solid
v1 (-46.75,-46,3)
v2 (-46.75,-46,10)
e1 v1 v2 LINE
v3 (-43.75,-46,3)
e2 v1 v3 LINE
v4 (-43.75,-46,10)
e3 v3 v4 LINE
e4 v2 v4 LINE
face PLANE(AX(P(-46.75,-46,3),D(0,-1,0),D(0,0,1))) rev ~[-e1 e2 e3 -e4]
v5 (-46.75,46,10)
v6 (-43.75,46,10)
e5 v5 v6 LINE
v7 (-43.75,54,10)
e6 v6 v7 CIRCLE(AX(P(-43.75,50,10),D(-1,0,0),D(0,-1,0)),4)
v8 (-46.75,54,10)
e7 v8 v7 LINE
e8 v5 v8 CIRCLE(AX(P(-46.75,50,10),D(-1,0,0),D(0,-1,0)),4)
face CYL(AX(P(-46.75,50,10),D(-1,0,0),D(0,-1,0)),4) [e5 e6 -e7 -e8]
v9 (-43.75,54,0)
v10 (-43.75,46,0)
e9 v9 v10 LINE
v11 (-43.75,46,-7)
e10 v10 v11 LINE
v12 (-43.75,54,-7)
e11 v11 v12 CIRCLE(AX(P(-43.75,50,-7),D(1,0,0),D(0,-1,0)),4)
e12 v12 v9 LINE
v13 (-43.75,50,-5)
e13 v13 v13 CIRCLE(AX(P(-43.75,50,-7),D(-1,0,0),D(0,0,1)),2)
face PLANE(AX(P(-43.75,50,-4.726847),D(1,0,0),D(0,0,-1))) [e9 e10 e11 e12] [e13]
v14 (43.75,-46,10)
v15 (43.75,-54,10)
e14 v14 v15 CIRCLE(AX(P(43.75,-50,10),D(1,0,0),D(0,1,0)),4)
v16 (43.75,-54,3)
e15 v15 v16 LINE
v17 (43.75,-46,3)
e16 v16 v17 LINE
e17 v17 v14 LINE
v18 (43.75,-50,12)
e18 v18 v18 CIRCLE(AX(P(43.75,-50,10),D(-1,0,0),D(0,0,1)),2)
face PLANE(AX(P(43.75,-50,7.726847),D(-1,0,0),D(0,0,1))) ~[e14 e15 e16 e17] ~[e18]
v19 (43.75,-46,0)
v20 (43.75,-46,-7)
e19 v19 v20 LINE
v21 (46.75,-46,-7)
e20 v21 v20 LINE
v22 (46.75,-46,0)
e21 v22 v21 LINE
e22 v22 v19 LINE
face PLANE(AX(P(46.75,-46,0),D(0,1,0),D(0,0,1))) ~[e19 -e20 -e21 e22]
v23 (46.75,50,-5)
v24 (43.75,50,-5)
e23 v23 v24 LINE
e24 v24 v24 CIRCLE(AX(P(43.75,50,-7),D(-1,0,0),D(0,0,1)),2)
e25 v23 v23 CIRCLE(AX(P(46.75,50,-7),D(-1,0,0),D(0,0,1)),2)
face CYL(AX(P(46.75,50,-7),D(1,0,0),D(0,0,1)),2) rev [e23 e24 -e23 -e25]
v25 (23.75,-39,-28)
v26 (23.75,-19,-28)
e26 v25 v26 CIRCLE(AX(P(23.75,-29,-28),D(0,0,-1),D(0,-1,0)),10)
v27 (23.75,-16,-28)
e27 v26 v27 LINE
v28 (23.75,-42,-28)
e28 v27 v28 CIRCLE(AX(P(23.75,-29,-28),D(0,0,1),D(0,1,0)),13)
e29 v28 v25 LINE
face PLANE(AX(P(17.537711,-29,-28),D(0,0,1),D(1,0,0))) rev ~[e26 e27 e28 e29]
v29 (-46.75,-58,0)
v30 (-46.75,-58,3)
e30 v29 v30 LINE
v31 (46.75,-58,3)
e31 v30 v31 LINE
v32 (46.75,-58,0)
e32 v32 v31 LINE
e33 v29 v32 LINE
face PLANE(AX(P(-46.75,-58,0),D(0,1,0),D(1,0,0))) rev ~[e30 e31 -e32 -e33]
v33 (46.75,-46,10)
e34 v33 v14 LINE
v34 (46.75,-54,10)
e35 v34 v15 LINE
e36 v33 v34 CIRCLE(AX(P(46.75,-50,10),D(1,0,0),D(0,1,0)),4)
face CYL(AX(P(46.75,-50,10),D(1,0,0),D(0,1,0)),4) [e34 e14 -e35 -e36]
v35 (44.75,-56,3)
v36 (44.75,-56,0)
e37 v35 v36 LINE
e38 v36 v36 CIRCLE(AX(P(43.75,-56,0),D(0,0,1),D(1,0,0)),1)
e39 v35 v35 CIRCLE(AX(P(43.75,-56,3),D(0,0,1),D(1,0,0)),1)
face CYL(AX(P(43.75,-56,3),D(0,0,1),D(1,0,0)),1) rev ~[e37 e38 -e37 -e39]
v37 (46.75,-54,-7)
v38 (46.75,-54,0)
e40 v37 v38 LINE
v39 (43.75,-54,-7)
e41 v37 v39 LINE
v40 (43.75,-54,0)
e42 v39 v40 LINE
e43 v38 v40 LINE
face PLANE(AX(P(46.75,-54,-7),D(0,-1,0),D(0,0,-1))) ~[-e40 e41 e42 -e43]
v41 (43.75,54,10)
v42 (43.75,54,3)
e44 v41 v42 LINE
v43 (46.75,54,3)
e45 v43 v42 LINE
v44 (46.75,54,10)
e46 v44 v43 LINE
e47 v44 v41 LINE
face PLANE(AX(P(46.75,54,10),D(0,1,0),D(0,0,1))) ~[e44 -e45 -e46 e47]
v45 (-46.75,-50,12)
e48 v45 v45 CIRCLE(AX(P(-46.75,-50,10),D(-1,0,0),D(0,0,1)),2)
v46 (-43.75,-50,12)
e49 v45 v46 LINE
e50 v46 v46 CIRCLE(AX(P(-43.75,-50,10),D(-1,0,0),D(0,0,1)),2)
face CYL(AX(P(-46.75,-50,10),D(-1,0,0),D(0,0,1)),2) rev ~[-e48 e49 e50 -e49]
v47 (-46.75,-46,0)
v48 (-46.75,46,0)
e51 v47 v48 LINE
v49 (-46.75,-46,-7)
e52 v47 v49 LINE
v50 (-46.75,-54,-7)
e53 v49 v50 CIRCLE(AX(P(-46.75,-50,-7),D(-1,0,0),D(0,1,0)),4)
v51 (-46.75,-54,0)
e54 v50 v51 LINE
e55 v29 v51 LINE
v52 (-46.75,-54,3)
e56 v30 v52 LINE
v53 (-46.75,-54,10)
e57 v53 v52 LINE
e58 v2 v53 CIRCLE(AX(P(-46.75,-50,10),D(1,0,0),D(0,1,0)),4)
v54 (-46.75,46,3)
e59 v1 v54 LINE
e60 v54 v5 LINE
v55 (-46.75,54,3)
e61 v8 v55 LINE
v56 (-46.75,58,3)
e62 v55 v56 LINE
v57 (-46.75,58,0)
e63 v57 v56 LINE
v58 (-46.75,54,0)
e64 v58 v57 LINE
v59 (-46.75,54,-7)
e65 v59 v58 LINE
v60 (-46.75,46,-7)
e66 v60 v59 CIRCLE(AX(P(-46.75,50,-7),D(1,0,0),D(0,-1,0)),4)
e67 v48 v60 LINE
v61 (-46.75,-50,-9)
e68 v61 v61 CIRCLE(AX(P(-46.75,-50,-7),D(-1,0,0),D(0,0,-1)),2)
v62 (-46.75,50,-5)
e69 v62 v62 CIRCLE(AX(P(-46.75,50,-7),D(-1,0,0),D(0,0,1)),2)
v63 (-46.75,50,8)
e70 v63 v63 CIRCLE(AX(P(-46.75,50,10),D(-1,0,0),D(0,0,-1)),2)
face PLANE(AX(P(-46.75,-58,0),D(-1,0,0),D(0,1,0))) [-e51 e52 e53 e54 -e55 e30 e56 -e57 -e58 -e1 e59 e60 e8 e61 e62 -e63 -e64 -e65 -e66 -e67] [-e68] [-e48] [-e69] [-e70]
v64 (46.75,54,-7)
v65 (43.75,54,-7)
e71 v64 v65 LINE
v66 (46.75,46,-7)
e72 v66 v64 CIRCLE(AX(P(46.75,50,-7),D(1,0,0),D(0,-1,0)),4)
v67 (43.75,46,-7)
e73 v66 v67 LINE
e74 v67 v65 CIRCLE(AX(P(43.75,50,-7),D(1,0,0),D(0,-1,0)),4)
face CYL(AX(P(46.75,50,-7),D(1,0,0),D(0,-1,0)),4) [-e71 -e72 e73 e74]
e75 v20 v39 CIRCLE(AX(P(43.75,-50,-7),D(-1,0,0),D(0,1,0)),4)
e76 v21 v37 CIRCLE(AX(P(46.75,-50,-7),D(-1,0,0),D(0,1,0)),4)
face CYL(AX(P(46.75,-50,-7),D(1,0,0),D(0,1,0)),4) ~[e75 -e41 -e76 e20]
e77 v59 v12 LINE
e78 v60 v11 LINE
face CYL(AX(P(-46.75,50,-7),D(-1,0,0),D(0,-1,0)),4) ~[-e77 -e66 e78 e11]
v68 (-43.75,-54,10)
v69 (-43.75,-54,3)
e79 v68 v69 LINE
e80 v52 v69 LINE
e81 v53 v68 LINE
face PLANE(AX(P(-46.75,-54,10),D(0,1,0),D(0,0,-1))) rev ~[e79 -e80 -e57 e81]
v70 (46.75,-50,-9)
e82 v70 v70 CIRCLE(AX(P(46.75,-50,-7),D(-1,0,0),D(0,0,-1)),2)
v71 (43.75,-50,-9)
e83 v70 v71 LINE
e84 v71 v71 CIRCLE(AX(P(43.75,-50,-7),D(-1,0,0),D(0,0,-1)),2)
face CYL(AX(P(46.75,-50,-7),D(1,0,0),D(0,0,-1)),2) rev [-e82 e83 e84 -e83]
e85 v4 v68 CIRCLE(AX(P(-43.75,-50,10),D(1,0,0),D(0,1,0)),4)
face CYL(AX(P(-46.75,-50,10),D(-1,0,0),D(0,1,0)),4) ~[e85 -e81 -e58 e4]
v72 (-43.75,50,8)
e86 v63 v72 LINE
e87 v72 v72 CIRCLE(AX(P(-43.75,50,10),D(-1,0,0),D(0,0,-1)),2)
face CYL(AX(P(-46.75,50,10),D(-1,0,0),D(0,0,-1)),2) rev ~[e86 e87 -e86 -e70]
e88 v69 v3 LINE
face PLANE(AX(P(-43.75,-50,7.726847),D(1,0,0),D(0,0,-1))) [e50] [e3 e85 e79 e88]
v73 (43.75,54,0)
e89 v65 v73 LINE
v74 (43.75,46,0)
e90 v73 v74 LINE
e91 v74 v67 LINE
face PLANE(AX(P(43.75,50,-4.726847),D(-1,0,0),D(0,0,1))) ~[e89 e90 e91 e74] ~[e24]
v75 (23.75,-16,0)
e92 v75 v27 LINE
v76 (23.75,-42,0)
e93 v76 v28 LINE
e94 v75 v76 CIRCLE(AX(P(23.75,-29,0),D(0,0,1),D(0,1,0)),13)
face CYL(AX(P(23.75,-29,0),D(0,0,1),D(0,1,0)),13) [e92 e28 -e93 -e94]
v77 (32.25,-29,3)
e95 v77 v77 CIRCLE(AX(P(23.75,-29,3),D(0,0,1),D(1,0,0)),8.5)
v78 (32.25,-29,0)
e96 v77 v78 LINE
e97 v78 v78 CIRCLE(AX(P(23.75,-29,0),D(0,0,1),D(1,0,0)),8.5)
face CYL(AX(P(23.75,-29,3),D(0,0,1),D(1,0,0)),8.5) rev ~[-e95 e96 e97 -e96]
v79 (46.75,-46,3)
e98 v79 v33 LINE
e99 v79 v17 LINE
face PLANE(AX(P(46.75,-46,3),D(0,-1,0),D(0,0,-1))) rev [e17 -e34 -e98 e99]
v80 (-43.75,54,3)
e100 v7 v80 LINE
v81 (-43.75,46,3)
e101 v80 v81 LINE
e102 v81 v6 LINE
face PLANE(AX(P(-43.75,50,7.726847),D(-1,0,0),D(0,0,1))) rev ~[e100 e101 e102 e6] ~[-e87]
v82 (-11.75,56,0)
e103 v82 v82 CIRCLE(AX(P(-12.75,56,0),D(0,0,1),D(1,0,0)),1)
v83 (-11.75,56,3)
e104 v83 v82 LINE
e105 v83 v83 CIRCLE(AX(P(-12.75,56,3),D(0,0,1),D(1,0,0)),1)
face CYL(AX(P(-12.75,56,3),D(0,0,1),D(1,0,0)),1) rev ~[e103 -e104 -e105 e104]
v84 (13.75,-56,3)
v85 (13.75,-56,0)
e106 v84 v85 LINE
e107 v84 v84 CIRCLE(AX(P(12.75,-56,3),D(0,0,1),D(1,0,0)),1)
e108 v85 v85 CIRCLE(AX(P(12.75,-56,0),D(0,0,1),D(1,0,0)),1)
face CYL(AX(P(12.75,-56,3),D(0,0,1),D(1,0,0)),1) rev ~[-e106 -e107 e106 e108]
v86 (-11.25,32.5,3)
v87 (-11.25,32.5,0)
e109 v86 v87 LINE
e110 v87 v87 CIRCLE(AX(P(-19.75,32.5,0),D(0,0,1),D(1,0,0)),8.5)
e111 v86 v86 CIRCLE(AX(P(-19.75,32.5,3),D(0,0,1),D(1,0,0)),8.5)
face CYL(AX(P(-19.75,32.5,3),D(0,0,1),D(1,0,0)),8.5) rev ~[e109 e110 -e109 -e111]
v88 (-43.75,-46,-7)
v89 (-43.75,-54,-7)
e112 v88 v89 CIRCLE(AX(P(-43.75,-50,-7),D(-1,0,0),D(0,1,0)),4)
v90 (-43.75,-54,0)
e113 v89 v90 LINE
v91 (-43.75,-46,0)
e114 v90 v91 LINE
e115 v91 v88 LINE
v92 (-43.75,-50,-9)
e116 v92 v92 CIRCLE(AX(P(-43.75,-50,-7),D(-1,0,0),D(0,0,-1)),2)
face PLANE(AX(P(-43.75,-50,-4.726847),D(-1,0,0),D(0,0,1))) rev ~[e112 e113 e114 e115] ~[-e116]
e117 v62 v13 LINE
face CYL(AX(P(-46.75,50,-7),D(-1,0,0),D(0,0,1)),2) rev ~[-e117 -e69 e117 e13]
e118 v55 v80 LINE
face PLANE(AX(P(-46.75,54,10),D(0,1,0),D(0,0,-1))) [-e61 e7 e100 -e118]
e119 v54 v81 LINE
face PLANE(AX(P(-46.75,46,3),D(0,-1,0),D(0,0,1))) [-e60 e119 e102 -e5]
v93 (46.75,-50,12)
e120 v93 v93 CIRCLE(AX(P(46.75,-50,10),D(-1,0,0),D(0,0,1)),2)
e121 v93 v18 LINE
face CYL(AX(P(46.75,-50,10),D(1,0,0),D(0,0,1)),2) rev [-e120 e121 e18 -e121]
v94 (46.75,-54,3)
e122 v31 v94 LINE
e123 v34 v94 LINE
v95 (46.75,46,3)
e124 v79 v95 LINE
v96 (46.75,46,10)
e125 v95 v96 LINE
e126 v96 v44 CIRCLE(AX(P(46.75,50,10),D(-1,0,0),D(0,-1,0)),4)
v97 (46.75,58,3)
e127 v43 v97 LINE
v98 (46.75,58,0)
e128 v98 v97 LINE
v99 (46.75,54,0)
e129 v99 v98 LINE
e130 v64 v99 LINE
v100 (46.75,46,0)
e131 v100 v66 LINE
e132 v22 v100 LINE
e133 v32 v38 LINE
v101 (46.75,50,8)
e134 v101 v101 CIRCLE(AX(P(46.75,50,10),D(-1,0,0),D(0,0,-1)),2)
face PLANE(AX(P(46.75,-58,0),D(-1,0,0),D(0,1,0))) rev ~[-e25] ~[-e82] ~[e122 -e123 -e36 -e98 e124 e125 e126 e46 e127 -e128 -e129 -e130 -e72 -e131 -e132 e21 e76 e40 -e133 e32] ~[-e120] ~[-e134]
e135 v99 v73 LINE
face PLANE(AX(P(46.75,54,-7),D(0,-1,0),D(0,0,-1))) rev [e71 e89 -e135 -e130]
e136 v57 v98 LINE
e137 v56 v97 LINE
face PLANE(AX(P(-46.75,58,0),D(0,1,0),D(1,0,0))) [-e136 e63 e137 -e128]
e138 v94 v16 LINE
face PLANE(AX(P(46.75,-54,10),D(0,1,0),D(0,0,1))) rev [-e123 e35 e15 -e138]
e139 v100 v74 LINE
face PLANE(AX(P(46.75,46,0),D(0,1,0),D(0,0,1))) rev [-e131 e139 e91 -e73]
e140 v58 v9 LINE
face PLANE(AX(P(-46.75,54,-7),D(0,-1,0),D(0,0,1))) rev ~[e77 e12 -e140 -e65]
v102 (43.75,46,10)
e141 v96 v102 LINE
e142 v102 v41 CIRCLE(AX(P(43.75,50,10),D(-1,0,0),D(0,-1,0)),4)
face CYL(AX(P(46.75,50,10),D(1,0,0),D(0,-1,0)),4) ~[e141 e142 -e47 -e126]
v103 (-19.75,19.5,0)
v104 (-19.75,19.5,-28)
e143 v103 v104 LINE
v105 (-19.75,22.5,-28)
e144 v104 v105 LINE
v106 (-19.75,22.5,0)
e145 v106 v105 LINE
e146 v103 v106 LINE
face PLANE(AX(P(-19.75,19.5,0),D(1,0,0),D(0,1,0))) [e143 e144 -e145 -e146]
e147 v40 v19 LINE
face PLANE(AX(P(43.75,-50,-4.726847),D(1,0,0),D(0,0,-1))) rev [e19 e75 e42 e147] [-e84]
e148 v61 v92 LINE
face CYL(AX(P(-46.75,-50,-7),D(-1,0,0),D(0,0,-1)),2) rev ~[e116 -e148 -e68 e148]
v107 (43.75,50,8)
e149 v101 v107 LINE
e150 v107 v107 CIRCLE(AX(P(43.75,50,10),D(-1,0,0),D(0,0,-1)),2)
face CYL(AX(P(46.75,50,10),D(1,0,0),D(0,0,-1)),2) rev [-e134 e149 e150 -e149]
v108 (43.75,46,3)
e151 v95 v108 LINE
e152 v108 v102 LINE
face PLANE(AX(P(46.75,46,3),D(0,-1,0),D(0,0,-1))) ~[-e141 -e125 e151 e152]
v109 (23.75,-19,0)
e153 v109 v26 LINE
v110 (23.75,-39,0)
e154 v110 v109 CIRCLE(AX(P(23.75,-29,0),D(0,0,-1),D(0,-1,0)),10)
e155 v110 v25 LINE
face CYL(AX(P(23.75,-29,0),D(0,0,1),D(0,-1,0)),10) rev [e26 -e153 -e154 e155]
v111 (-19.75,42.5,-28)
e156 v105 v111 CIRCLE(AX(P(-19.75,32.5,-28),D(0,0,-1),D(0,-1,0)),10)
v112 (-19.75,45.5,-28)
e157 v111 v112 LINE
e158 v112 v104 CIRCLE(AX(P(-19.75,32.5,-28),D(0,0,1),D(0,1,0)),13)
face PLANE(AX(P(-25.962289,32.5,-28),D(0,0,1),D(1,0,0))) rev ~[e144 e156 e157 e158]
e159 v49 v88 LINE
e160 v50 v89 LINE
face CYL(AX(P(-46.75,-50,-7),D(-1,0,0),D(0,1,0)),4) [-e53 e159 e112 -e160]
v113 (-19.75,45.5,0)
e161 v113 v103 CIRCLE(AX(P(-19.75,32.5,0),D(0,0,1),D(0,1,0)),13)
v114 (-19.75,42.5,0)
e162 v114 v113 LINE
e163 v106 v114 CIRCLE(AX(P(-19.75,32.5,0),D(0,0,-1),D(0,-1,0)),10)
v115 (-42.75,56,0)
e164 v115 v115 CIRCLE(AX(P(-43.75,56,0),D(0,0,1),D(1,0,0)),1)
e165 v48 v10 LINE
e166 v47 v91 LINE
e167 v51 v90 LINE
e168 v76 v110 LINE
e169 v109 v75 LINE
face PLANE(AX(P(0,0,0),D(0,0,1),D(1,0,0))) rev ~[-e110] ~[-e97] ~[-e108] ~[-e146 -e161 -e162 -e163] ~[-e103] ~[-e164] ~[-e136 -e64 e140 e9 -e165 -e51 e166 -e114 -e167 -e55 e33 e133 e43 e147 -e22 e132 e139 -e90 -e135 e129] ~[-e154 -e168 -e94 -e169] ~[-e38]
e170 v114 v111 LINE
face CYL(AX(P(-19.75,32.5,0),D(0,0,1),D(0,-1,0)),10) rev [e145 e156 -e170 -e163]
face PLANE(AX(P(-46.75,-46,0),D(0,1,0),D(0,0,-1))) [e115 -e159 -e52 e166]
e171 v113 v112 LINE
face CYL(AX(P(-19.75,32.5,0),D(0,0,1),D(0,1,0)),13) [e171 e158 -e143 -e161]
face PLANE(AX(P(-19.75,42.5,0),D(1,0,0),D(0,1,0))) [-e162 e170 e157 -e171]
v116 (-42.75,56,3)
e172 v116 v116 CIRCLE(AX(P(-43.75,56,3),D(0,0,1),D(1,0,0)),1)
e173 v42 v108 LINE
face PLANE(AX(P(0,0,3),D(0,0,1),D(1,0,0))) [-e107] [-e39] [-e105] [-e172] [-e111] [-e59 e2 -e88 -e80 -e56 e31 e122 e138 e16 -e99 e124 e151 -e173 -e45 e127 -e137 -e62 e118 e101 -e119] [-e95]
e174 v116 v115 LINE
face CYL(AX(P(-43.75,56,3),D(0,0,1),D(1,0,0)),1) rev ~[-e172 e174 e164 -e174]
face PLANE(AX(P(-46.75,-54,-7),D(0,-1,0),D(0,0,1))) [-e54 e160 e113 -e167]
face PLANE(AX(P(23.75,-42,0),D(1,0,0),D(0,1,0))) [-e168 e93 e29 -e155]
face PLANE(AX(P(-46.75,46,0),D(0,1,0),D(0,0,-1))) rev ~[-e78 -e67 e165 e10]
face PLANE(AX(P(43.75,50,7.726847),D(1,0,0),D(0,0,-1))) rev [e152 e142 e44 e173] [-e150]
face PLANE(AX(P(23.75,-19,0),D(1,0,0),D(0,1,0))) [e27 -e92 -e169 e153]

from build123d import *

# Parameters (mm, degrees)
SKETCH1_W           = 93.5
SKETCH1_H           = 116
BOSS_EXTRUDE1_DEPTH = 3
SKETCH2_R           = 8.5
CUT_EXTRUDE1_DEPTH  = 75.555767718
SKETCH4_R           = 2
BOSS_EXTRUDE3_DEPTH = 3
SKETCH6_R           = 1
CUT_EXTRUDE2_DEPTH  = 10
BOSS_EXTRUDE4_DEPTH = 28


with BuildPart() as part:
    # Sketch1 → Boss-Extrude1 (new body)
    with BuildSketch(Plane.XY):
        Rectangle(SKETCH1_W, SKETCH1_H)
    extrude(amount=BOSS_EXTRUDE1_DEPTH)

    # Sketch2 → Cut-Extrude1 (cut, through all)
    with BuildSketch(Plane.XY.offset(3)):
        with Locations((-19.75, 32.5)):
            Circle(SKETCH2_R)
        with Locations((23.75, -29)):
            Circle(SKETCH2_R)
    extrude(amount=-CUT_EXTRUDE1_DEPTH, mode=Mode.SUBTRACT)

    # Sketch4 → Boss-Extrude3 (add)
    # profile 1 of 4: a face of its own
    with BuildSketch(Plane.ZY.offset(46.75)):
        with BuildLine():
            Line((-7, 54), (0, 54))
            Line((0, 54), (0, 46))
            Line((0, 46), (-7, 46))
            ThreePointArc((-7, 46), (-11, 50), (-7, 54))
        make_face()
        with Locations((-7, 50)):
            Circle(SKETCH4_R, mode=Mode.SUBTRACT)
    # profile 2 of 4: a face of its own
    with BuildSketch(Plane.ZY.offset(46.75)):
        with BuildLine():
            Line((0, -46), (-7, -46))
            ThreePointArc((-7, -46), (-11, -50), (-7, -54))
            Line((-7, -54), (0, -54))
            Line((0, -54), (0, -46))
        make_face()
        with Locations((-7, -50)):
            Circle(SKETCH4_R, mode=Mode.SUBTRACT)
    # profile 3 of 4: a face of its own
    with BuildSketch(Plane.ZY.offset(46.75)):
        with BuildLine():
            Line((3, 46), (10, 46))
            ThreePointArc((10, 46), (14, 50), (10, 54))
            Line((10, 54), (3, 54))
            Line((3, 54), (3, 46))
        make_face()
        with Locations((10, 50)):
            Circle(SKETCH4_R, mode=Mode.SUBTRACT)
    # profile 4 of 4: a face of its own
    with BuildSketch(Plane.ZY.offset(46.75)):
        with BuildLine():
            Line((10, -54), (3, -54))
            Line((3, -54), (3, -46))
            Line((3, -46), (10, -46))
            ThreePointArc((10, -46), (14, -50), (10, -54))
        make_face()
        with Locations((10, -50)):
            Circle(SKETCH4_R, mode=Mode.SUBTRACT)
    boss_extrude3 = extrude(amount=-BOSS_EXTRUDE3_DEPTH)

    # Sketch6 → Cut-Extrude2 (cut)
    with BuildSketch(Plane.XY.offset(3)):
        with Locations((-43.75, 56)):
            Circle(SKETCH6_R)
        with Locations((-12.75, 56)):
            Circle(SKETCH6_R)
        with Locations((43.75, -56)):
            Circle(SKETCH6_R)
        with Locations((12.75, -56)):
            Circle(SKETCH6_R)
    extrude(amount=-CUT_EXTRUDE2_DEPTH, mode=Mode.SUBTRACT)

    # Sketch5 → Boss-Extrude4 (add)
    with BuildSketch(Plane(origin=(0, 0, 0), x_dir=(-1, 0, 0), z_dir=(0, 0, -1))):
        with BuildLine():
            Line((19.75, 45.5), (19.75, 42.5))
            ThreePointArc((19.75, 42.5), (29.75, 32.5), (19.75, 22.5))
            Line((19.75, 22.5), (19.75, 19.5))
            ThreePointArc((19.75, 19.5), (32.75, 32.5), (19.75, 45.5))
        make_face()
        with BuildLine():
            Line((-23.75, -16), (-23.75, -19))
            ThreePointArc((-23.75, -19), (-13.75, -29), (-23.75, -39))
            Line((-23.75, -39), (-23.75, -42))
            ThreePointArc((-23.75, -42), (-10.75, -29), (-23.75, -16))
        make_face()
    extrude(amount=BOSS_EXTRUDE4_DEPTH)

    # Mirror1: Boss-Extrude3 across plane
    add(boss_extrude3.mirror(Plane(origin=(0, 0, 0), x_dir=(0, 0, 1), z_dir=(1, 0, 0))))


solid = part.part
